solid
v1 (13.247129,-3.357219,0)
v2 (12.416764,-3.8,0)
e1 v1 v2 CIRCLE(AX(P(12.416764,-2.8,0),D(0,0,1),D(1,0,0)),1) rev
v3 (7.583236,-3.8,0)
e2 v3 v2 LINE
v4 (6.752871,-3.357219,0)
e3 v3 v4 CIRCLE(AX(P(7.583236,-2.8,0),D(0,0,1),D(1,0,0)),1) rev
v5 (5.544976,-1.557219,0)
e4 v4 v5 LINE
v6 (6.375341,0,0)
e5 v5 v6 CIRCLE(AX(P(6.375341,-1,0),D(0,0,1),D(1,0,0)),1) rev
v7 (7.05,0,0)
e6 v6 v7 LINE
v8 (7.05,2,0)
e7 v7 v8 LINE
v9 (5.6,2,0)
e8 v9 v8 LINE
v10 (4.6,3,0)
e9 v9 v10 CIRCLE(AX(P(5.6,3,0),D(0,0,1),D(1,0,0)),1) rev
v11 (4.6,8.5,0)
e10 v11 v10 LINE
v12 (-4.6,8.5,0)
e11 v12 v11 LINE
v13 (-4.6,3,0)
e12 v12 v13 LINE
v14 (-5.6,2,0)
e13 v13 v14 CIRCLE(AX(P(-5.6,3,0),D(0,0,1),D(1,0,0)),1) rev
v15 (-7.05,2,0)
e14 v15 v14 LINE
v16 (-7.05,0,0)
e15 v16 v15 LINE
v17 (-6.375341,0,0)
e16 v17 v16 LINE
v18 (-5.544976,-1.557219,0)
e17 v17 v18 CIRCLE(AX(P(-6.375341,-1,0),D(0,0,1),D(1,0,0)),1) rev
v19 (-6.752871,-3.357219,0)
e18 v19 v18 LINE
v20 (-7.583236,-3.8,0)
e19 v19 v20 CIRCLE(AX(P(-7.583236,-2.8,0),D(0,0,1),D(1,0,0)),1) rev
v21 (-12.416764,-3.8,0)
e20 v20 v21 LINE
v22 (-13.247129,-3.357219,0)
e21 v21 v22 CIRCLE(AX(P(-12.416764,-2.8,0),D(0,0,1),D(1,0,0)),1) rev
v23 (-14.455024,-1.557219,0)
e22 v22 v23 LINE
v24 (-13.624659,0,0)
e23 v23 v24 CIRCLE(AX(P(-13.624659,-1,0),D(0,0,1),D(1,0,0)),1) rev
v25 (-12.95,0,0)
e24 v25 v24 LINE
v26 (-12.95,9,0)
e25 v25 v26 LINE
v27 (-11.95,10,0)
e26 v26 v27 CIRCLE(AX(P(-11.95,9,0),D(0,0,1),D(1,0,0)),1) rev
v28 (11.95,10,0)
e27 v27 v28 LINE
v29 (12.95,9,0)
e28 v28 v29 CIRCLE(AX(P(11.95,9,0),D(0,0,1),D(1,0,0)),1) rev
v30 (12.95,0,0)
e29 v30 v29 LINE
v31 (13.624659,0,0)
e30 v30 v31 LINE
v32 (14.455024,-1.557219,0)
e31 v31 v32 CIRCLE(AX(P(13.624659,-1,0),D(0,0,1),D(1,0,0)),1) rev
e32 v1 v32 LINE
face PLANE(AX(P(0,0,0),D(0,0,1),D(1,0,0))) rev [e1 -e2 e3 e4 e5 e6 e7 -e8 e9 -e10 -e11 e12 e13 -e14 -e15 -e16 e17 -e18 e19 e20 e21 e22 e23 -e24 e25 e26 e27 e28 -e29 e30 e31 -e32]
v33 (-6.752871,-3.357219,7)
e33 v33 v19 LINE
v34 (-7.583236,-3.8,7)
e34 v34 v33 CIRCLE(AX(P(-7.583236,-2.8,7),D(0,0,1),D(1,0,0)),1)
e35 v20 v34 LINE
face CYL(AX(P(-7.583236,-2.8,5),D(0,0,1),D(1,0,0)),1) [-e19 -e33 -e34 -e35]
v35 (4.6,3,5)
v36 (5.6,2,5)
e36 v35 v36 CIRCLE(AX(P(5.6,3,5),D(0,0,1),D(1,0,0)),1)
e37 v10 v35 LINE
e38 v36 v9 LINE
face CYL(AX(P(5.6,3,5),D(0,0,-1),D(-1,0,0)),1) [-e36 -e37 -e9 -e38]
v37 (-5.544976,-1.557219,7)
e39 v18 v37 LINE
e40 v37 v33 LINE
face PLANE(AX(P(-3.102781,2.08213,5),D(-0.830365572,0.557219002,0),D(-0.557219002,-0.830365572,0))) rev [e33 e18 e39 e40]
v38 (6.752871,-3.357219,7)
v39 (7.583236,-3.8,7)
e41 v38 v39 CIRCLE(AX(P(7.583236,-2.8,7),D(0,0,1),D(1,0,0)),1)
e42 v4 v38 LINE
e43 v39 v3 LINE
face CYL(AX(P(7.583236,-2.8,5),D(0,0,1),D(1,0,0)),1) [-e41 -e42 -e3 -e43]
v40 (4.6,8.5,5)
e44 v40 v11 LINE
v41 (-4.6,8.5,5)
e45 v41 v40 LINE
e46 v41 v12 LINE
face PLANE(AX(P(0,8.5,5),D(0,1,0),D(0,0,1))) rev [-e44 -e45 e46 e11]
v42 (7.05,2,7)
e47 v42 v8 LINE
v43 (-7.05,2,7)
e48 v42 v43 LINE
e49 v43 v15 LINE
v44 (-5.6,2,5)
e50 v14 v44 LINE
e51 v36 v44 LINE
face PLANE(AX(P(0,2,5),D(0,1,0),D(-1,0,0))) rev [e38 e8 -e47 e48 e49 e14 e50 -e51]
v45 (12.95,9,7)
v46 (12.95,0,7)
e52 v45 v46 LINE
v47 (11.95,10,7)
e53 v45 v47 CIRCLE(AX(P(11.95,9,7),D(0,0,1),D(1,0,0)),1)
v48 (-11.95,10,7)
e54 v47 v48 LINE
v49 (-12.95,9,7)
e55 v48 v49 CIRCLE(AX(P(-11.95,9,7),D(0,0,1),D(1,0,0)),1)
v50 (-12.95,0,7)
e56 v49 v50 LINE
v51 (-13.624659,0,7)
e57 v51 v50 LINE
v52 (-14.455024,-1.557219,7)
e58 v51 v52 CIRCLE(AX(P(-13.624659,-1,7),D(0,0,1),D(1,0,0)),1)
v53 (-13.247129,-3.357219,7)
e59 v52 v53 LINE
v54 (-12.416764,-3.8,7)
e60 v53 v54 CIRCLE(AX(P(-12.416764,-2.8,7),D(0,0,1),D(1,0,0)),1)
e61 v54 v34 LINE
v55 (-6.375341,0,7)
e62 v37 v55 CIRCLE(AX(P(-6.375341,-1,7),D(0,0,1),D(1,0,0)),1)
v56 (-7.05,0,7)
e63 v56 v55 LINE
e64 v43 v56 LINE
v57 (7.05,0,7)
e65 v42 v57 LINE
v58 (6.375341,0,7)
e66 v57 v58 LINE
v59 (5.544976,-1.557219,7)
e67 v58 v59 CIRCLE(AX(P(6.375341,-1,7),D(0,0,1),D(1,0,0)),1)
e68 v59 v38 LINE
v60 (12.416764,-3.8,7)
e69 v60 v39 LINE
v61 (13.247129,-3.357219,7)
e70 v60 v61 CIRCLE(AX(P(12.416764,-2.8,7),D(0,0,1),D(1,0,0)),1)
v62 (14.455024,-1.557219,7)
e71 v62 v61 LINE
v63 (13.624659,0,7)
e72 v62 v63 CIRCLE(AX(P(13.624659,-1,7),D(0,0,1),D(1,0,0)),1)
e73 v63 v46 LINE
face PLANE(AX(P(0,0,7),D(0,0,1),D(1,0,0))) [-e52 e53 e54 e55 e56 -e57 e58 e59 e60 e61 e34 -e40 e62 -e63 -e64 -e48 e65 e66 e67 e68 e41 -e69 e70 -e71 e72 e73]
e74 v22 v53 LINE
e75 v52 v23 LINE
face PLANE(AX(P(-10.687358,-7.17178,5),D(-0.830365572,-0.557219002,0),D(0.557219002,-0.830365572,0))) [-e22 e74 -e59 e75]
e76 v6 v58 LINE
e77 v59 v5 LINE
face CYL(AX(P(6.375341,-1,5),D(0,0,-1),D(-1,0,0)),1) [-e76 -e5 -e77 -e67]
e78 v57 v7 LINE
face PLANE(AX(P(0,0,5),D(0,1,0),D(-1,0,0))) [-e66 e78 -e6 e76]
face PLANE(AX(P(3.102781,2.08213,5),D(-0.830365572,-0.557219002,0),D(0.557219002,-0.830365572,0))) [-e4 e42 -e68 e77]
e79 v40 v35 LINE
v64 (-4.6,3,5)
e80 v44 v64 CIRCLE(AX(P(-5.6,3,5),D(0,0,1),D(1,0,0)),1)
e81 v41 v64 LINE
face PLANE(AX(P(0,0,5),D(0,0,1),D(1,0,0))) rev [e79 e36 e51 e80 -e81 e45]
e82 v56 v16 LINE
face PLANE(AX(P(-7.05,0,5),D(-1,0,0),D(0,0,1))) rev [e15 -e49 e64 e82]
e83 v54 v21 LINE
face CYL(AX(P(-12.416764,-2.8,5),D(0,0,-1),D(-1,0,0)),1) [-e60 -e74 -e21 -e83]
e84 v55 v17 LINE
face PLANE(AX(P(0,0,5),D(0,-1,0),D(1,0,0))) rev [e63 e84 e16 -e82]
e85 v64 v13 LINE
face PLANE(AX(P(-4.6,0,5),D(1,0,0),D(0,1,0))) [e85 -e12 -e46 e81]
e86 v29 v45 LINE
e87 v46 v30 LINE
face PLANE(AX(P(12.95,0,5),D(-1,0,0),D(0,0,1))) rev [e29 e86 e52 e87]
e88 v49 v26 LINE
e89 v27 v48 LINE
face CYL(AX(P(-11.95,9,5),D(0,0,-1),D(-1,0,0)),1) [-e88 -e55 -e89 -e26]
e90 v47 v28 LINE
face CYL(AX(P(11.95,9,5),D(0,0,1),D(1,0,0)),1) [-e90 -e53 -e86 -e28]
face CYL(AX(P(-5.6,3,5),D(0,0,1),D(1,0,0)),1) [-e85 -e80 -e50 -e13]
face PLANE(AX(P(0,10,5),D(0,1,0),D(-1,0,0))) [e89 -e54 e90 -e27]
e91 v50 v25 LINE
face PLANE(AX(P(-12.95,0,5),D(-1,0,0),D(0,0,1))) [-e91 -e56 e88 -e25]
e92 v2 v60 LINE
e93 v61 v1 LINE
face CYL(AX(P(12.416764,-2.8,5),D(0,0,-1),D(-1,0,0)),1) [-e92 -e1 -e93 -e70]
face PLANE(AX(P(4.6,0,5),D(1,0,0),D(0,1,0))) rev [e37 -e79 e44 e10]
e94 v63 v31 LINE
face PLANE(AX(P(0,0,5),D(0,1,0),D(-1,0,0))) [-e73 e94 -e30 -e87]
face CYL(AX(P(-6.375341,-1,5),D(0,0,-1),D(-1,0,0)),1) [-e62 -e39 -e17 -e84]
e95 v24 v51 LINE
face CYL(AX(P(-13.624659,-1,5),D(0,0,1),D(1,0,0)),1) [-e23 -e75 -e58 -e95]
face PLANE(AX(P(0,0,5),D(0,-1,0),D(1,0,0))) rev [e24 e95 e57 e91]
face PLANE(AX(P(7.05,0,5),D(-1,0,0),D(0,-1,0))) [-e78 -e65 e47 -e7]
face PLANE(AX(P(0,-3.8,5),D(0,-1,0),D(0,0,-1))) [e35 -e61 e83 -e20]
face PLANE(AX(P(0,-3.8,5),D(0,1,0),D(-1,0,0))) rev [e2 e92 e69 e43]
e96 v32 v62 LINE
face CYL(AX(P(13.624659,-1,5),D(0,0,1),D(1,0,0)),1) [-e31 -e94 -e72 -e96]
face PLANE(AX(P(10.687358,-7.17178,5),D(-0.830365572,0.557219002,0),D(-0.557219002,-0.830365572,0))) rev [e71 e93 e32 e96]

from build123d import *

# Parameters (mm, degrees)
BOSS_EXTRUDE1_DEPTH = 5
BOSS_EXTRUDE2_START = 5
SKETCH1_3_W         = 9.2
SKETCH1_3_H         = 6.5
BOSS_EXTRUDE2_DEPTH = 2
FILLET1_R           = 1


with BuildPart() as part:
    # Sketch1 → Boss-Extrude1 (new body)
    with BuildSketch(Plane.XY):
        Polygon((-12.95, 0), (-7.05, 0), (-7.05, 2), (-4.6, 2), (-4.6, 8.5), (4.6, 8.5), (4.6, 2), (7.05, 2), (7.05, 0), (12.95, 0), (12.95, 2), (12.95, 10), (-12.95, 10), (-12.95, 2), align=None)
        Polygon((-7.05, -3.8), (-12.95, -3.8), (-15.5, 0), (-4.5, 0), align=None)
        Polygon((4.5, 0), (15.5, 0), (12.95, -3.8), (7.05, -3.8), align=None)
    extrude(amount=BOSS_EXTRUDE1_DEPTH)

    # Sketch1<3> → Boss-Extrude2 (add)
    with BuildSketch(Plane.XY.offset(BOSS_EXTRUDE2_START)):
        with Locations((0, 5.25)):
            Rectangle(SKETCH1_3_W, SKETCH1_3_H)
        Polygon((-12.95, 0), (-7.05, 0), (-7.05, 2), (-4.6, 2), (-4.6, 8.5), (4.6, 8.5), (4.6, 2), (7.05, 2), (7.05, 0), (12.95, 0), (12.95, 2), (12.95, 10), (-12.95, 10), (-12.95, 2), align=None)
        Polygon((-7.05, -3.8), (-12.95, -3.8), (-15.5, 0), (-4.5, 0), align=None)
        Polygon((4.5, 0), (15.5, 0), (12.95, -3.8), (7.05, -3.8), align=None)
    extrude(amount=BOSS_EXTRUDE2_DEPTH)

    # Fillet1
    fillet1_edges = [part.edges().sort_by_distance(p)[0] for p in [
        (-4.5, 0, 3.5),
        (-7.05, -3.8, 3.5),
        (-12.95, -3.8, 3.5),
        (-15.5, 0, 3.5),
        (-12.95, 10, 3.5),
        (12.95, 10, 3.5),
        (15.5, 0, 3.5),
        (12.95, -3.8, 3.5),
        (7.05, -3.8, 3.5),
        (4.5, 0, 3.5),
        (4.6, 2, 2.5),
        (-4.6, 2, 2.5),
    ]]
    fillet(fillet1_edges, radius=FILLET1_R)


solid = part.part
